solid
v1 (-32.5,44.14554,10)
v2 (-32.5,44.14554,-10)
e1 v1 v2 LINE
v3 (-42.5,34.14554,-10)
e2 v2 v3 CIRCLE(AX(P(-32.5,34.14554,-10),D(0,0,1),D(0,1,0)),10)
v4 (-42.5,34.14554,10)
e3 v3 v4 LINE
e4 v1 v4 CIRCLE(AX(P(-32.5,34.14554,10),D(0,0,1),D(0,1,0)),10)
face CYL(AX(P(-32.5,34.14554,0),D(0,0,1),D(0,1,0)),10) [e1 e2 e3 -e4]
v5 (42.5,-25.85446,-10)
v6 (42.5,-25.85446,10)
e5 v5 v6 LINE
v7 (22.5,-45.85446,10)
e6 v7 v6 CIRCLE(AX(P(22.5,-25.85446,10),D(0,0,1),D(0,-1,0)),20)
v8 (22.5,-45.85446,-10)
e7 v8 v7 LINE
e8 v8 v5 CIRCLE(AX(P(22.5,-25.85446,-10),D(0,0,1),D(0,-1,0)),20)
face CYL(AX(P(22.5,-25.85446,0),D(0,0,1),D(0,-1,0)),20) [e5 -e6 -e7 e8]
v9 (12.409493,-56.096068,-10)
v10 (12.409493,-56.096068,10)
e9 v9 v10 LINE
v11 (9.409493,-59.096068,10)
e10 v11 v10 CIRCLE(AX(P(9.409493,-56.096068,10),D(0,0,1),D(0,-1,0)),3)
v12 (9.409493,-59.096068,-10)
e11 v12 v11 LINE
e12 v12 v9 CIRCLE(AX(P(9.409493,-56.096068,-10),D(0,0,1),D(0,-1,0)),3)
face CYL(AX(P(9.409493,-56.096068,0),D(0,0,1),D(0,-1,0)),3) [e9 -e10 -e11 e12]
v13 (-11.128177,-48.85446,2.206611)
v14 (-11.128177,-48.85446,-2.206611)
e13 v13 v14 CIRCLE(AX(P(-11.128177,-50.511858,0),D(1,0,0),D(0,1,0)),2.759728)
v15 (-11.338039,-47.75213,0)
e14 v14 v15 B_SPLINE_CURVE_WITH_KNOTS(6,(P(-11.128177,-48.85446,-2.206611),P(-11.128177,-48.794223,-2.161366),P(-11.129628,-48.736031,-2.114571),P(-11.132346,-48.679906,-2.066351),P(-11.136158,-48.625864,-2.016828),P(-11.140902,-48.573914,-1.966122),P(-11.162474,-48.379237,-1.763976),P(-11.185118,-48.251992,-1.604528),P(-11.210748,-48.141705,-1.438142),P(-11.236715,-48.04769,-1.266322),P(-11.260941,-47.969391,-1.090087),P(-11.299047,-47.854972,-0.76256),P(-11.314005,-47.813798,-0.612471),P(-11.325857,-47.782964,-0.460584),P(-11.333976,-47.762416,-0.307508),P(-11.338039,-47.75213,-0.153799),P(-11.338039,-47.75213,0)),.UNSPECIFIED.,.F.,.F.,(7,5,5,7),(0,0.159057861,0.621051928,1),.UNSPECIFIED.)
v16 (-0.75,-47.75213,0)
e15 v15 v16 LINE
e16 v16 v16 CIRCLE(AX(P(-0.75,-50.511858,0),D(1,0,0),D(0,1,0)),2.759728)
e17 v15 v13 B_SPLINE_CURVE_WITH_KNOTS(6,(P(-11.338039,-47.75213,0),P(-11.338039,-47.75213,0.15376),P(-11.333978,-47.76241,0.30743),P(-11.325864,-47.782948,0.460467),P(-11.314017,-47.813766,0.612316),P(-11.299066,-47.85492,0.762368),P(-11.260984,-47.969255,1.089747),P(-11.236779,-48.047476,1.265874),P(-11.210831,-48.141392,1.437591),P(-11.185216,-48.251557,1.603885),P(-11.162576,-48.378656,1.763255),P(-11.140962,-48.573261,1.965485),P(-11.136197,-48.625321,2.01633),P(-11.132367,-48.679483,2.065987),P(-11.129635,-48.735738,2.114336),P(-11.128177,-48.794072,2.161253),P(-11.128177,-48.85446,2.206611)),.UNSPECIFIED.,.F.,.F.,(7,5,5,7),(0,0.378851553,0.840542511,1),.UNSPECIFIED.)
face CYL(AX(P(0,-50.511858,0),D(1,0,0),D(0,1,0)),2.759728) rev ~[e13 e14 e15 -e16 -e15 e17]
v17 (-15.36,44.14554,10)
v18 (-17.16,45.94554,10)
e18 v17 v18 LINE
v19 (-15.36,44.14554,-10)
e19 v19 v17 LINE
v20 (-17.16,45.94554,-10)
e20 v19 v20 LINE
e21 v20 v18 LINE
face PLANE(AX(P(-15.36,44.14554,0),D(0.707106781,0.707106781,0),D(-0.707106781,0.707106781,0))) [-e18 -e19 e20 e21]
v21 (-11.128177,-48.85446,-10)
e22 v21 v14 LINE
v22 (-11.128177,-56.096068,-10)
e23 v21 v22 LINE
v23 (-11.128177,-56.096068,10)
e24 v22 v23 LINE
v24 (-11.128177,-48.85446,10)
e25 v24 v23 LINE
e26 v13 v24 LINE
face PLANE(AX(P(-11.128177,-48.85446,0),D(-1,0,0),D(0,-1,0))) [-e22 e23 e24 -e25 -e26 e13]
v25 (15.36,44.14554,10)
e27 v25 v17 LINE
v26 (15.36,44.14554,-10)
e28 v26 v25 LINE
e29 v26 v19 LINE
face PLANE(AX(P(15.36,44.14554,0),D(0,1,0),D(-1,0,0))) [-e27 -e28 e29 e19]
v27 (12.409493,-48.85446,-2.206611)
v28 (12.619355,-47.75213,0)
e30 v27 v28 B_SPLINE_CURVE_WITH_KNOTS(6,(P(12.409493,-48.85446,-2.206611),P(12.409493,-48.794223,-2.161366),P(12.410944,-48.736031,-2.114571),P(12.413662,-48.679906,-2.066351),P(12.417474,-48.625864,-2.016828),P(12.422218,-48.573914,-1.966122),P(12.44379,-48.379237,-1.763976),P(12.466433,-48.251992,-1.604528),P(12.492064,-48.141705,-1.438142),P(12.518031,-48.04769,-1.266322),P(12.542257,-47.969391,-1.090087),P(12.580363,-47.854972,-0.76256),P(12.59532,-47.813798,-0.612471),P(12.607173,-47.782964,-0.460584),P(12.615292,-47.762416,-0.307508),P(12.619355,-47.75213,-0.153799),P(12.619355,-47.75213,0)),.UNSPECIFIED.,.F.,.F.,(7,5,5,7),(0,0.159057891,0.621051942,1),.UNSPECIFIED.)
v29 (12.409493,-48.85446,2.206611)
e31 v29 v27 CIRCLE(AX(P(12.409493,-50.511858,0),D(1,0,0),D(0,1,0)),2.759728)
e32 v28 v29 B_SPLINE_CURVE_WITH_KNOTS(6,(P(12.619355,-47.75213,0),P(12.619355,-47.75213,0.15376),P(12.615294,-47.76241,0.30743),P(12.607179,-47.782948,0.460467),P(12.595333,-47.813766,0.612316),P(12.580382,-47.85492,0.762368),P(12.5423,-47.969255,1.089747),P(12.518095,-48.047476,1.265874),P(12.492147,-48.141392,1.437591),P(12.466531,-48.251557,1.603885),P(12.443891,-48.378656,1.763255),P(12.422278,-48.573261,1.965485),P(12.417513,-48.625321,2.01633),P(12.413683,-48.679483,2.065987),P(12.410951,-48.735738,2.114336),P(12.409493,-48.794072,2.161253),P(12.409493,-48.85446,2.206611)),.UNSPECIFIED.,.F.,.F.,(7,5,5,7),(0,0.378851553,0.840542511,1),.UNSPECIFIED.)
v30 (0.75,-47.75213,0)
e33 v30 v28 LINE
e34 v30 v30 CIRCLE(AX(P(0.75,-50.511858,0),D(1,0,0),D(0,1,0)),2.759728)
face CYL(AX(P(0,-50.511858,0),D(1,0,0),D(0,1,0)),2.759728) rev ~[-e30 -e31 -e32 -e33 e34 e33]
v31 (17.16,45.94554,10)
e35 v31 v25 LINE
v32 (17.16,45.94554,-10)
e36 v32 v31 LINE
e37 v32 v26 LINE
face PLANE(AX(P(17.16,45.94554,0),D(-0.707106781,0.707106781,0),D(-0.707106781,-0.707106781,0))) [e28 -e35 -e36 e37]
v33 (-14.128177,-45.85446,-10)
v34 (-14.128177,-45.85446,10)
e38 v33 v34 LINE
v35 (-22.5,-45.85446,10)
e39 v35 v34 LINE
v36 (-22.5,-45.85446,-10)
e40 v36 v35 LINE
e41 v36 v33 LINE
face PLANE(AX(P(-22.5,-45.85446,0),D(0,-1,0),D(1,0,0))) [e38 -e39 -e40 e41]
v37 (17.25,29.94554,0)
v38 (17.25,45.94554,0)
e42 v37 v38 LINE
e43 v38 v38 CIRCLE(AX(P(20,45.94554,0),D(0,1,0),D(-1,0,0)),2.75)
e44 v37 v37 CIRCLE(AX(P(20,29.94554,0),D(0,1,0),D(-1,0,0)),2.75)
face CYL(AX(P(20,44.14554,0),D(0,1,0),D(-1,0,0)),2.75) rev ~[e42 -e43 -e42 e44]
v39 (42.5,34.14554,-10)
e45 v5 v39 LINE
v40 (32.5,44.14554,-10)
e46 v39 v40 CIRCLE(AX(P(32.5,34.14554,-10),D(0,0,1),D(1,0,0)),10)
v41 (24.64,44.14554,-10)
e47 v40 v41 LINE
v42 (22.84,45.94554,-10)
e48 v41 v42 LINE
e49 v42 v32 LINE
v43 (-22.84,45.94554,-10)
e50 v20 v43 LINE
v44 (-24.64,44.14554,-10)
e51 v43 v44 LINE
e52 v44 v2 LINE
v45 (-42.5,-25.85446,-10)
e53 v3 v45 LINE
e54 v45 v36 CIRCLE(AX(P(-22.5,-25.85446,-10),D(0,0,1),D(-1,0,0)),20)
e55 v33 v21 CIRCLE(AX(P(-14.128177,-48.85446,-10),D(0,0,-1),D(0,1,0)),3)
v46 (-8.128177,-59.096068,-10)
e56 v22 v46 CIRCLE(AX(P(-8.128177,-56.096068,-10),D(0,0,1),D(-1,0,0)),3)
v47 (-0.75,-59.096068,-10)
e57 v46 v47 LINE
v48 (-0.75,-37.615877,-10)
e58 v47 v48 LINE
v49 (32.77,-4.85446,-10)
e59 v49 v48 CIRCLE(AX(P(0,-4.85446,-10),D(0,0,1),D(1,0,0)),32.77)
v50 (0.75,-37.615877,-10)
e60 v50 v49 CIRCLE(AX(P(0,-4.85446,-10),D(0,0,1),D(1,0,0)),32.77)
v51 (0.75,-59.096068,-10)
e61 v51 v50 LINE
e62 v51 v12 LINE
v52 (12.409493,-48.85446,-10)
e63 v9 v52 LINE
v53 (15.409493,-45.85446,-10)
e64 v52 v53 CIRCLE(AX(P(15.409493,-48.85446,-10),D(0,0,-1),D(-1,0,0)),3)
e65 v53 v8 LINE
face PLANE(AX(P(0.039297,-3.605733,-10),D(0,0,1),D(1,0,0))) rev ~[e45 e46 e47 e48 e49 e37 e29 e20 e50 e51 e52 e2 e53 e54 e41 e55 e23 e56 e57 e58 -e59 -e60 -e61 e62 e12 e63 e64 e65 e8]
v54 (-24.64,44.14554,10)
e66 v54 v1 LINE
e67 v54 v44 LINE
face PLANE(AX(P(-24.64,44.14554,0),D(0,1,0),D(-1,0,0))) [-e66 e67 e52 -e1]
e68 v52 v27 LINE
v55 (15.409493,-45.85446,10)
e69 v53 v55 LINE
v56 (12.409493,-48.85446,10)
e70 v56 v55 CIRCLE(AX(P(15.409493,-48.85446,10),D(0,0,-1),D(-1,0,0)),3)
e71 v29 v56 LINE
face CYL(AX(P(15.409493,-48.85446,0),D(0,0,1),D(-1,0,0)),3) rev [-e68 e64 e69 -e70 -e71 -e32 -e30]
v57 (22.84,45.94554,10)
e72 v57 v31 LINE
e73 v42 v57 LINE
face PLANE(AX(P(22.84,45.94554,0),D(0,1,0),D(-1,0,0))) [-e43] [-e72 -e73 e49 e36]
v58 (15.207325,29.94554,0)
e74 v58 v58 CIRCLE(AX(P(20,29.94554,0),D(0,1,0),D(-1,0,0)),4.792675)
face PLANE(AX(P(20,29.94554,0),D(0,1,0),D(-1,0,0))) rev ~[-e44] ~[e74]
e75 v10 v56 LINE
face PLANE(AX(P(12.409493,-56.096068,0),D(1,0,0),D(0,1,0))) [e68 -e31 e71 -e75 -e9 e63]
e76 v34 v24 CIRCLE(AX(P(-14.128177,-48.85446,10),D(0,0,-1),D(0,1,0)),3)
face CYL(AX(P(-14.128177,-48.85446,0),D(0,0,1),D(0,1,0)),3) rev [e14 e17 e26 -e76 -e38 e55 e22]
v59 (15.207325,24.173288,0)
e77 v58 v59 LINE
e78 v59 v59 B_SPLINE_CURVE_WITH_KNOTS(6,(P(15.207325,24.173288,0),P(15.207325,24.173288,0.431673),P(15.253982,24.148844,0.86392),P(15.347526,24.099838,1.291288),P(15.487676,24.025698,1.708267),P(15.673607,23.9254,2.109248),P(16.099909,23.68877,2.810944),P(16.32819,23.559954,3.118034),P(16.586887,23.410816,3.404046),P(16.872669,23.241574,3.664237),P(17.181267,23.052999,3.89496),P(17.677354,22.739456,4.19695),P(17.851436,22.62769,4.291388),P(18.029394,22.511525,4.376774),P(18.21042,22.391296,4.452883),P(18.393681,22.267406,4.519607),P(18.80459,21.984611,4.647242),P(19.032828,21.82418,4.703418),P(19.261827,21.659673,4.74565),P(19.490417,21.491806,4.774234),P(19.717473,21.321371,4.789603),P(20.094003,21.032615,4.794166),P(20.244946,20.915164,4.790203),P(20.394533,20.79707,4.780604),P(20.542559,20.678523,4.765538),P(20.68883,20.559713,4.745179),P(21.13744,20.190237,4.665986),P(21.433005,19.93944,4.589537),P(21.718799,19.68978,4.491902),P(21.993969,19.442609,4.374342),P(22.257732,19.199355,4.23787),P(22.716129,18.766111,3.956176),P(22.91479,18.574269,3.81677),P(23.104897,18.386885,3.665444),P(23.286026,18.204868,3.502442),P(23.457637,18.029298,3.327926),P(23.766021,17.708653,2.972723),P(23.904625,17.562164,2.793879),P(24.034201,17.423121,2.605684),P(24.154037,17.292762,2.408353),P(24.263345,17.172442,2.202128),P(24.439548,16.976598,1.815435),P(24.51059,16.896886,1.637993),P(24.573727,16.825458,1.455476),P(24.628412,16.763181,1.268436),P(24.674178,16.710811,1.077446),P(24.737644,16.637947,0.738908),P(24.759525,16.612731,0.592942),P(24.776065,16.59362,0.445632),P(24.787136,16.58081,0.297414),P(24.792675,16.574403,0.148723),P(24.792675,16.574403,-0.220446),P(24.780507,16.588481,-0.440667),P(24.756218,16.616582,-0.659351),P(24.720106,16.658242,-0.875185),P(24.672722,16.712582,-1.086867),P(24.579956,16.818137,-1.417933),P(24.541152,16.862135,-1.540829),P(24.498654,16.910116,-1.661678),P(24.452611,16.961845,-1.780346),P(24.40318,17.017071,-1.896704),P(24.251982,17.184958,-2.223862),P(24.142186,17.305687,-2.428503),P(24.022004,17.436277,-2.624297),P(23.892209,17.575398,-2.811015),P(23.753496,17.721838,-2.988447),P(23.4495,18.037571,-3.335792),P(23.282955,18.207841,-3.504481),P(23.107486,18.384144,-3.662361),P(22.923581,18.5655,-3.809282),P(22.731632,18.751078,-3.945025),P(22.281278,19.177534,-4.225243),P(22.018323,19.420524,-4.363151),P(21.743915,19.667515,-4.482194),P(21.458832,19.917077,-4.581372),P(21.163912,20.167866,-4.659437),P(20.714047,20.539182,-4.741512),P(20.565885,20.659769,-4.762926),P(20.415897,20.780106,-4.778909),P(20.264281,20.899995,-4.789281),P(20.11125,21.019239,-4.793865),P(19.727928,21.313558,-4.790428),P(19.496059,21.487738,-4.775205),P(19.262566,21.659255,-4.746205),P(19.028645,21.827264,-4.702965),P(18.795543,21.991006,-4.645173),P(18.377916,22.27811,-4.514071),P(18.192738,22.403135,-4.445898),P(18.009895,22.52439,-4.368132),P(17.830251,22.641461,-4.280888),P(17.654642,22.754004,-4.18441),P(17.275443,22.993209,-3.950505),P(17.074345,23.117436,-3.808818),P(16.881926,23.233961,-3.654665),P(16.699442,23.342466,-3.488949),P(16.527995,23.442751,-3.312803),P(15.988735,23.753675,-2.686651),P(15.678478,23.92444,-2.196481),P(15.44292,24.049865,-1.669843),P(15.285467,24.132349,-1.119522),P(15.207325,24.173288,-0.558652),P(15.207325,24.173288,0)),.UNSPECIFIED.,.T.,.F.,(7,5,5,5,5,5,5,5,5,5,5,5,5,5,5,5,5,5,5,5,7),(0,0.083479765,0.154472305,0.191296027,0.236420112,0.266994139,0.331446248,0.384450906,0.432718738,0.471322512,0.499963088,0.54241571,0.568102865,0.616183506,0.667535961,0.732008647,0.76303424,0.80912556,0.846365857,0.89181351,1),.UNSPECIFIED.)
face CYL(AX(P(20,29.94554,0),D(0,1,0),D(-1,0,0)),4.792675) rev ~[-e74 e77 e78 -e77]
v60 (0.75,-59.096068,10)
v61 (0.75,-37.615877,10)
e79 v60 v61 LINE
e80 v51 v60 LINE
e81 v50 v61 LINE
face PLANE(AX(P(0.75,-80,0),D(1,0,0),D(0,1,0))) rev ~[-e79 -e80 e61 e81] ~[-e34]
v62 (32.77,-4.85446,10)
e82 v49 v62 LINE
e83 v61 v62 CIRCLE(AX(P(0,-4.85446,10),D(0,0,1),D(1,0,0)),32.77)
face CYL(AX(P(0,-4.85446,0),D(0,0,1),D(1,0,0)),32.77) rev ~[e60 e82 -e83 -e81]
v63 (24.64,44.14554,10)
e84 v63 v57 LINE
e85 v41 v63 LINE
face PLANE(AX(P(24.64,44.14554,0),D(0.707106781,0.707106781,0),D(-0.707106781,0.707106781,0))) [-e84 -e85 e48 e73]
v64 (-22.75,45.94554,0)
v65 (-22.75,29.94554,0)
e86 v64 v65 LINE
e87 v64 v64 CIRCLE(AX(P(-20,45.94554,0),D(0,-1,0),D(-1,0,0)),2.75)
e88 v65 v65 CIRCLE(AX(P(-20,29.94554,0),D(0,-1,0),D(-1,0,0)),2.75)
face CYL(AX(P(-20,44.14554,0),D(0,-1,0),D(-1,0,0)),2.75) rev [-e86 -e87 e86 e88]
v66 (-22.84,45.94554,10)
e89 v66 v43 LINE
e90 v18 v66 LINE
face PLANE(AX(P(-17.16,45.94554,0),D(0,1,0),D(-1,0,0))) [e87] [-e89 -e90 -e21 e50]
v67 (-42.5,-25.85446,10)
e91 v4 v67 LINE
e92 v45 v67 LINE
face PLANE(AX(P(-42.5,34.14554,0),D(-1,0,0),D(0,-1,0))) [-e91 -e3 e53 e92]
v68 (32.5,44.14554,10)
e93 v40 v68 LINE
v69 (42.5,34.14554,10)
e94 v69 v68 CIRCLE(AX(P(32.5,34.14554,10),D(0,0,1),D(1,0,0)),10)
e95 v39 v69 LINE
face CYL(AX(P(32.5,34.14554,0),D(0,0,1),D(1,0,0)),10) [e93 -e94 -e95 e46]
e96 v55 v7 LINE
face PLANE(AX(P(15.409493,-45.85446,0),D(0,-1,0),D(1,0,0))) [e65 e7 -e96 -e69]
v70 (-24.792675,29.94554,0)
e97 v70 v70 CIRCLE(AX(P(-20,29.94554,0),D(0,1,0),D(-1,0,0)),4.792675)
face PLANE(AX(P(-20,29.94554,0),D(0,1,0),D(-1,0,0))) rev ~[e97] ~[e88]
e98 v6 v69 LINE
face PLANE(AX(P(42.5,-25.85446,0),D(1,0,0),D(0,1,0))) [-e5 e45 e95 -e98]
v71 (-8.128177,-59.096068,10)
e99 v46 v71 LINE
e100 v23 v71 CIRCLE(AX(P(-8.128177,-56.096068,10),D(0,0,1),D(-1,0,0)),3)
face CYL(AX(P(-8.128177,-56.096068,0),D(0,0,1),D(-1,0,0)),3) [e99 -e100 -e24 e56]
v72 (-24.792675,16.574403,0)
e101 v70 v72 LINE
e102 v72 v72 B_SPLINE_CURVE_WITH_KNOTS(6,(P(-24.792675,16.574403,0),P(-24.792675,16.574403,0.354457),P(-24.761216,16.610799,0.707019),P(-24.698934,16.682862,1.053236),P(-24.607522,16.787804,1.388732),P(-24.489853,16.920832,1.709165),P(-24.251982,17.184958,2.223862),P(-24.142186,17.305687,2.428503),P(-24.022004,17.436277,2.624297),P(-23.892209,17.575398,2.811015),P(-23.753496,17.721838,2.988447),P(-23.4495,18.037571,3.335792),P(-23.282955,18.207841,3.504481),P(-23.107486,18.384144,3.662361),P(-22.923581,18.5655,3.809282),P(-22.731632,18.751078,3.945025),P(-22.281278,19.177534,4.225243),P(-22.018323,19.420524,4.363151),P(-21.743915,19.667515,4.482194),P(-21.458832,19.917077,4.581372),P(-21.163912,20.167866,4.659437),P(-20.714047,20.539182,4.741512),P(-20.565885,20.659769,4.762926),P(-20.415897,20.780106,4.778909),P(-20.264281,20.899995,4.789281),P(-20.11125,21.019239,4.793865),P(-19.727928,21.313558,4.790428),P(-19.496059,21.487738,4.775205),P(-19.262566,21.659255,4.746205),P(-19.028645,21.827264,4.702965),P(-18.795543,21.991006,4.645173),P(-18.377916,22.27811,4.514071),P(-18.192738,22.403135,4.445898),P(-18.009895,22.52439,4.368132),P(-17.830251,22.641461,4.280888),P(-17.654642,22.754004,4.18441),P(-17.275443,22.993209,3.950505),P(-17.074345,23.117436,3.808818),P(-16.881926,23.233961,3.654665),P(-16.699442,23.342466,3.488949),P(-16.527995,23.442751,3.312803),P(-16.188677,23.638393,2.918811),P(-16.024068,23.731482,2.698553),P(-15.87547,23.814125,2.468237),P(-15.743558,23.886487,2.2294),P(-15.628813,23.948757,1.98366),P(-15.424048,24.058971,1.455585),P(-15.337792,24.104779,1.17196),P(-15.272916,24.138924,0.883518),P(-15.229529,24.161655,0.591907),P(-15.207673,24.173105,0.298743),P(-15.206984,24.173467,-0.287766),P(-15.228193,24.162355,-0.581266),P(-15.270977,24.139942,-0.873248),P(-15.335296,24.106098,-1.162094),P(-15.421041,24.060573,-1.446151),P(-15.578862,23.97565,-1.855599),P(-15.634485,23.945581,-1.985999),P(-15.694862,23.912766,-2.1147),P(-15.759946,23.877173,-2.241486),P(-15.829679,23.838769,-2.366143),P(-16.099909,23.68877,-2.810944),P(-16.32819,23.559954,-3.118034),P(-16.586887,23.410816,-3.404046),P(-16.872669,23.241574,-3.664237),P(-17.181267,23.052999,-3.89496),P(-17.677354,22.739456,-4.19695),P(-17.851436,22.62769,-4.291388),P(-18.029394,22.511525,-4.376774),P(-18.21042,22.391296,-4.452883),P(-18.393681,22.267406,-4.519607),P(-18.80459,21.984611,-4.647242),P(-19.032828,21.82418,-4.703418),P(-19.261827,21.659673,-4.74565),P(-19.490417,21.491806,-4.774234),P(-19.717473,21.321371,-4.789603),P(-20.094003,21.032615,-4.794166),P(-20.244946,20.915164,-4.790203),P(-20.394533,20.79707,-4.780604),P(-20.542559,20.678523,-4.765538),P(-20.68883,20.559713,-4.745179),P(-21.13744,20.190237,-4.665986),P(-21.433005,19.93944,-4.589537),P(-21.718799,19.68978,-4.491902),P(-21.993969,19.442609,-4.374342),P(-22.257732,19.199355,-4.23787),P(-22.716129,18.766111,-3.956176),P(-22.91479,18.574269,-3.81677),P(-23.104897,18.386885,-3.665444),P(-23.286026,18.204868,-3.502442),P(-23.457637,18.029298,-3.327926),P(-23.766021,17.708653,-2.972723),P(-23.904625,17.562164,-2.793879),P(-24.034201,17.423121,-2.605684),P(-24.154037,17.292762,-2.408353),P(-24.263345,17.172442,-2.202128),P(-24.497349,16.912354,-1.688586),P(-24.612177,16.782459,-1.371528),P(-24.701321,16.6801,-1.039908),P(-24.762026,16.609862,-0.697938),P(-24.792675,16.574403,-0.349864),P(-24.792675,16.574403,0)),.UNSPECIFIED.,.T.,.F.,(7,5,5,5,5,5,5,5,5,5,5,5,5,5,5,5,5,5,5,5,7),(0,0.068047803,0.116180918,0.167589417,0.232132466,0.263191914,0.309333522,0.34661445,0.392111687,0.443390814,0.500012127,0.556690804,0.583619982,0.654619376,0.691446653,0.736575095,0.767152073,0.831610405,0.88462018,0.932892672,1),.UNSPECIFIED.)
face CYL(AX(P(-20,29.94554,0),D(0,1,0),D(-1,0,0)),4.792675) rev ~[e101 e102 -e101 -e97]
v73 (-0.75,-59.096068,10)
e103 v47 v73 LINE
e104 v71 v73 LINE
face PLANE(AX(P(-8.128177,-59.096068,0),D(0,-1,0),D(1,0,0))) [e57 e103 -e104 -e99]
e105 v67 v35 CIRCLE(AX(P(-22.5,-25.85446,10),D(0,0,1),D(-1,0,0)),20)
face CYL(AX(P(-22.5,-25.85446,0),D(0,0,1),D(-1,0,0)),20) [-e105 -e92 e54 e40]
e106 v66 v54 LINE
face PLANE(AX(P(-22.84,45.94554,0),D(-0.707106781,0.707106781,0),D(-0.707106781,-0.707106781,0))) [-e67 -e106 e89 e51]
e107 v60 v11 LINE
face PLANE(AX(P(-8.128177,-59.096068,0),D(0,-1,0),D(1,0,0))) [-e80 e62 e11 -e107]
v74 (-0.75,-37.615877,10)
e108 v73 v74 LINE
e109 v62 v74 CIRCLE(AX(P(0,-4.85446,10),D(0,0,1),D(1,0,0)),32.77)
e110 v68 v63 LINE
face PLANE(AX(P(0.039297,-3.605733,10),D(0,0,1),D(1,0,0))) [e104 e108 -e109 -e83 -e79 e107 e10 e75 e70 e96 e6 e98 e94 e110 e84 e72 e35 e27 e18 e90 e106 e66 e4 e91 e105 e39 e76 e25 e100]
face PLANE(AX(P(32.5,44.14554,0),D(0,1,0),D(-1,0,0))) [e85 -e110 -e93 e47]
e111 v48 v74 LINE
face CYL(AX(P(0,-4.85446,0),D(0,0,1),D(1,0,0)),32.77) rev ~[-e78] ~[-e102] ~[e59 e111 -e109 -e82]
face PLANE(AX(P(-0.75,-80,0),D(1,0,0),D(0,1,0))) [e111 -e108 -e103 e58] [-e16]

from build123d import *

# Parameters (mm, degrees)
F1_DEPTH  = 10
F2_R      = 32.77
F3_DEPTH  = 10
F4_W      = 0.75
F4_H      = 80
F5_DEPTH  = 10
F6_R      = 2.7597283283
F7_DEPTH  = 25
F8_R      = 2.75
F9_DEPTH  = 17.9
F11_START = -14.2
F10_R     = 4.7926746231
F11_DEPTH = 15.7


with BuildPart() as f1:
    # F0 (on Top) → F1 (new body, symmetric)
    with BuildSketch(Plane.XY):
        with BuildLine():
            Line((-24.64, 44.1455395274), (-32.5, 44.1455395274))
            ThreePointArc((-32.5, 44.1455395274), (-39.5710678119, 41.2166073393), (-42.5, 34.1455395274))
            Line((-42.5, 34.1455395274), (-42.5, 0))
            Line((-42.5, 0), (-42.5, -25.8544604726))
            ThreePointArc((-42.5, -25.8544604726), (-36.6421356237, -39.9965960963), (-22.5, -45.8544604726))
            Line((-22.5, -45.8544604726), (-14.1281768916, -45.8544604726))
            ThreePointArc((-14.1281768916, -45.8544604726), (-12.0068565481, -46.733140129), (-11.1281768916, -48.8544604726))
            Line((-11.1281768916, -48.8544604726), (-11.1281768916, -56.0960675753))
            ThreePointArc((-11.1281768916, -56.0960675753), (-10.2494972352, -58.2173879188), (-8.1281768916, -59.0960675753))
            Line((-8.1281768916, -59.0960675753), (9.4094926704, -59.0960675753))
            ThreePointArc((9.4094926704, -59.0960675753), (11.530813014, -58.2173879188), (12.4094926704, -56.0960675753))
            Line((12.4094926704, -56.0960675753), (12.4094926704, -48.8544604726))
            ThreePointArc((12.4094926704, -48.8544604726), (13.2881723269, -46.733140129), (15.4094926704, -45.8544604726))
            Line((15.4094926704, -45.8544604726), (22.5, -45.8544604726))
            ThreePointArc((22.5, -45.8544604726), (36.6421356237, -39.9965960963), (42.5, -25.8544604726))
            Line((42.5, -25.8544604726), (42.5, 0))
            Line((42.5, 0), (42.5, 34.1455395274))
            ThreePointArc((42.5, 34.1455395274), (39.5710678119, 41.2166073393), (32.5, 44.1455395274))
            Line((32.5, 44.1455395274), (24.64, 44.1455395274))
            Line((24.64, 44.1455395274), (15.36, 44.1455395274))
            Line((15.36, 44.1455395274), (0, 44.1455395274))
            Line((0, 44.1455395274), (-15.36, 44.1455395274))
            Line((-15.36, 44.1455395274), (-20, 44.1455395274))
            Line((-20, 44.1455395274), (-24.64, 44.1455395274))
        make_face()
        Polygon((-22.84, 45.9455395274), (-24.64, 44.1455395274), (-20, 44.1455395274), (-20, 45.9455395274), align=None)
        Polygon((-20, 45.9455395274), (-20, 44.1455395274), (-15.36, 44.1455395274), (-17.16, 45.9455395274), align=None)
        Polygon((17.16, 45.9455395274), (15.36, 44.1455395274), (24.64, 44.1455395274), (22.84, 45.9455395274), (20, 45.9455395274), align=None)
    extrude(amount=F1_DEPTH, both=True)

    # F2 (on Top) → F3 (cut, symmetric)
    with BuildSketch(Plane.XY):
        with Locations((0, -4.8544604726)):
            Circle(F2_R)
    extrude(amount=F3_DEPTH, both=True, mode=Mode.SUBTRACT)

    # F4 (on Top) → F5 (cut, symmetric)
    with BuildSketch(Plane.XY):
        with Locations((0.375, -40)):
            Rectangle(F4_W, F4_H)
        with Locations((-0.375, -40)):
            Rectangle(F4_W, F4_H)
    extrude(amount=F5_DEPTH, both=True, mode=Mode.SUBTRACT)

    # F6 (on Right) → F7 (cut, symmetric)
    with BuildSketch(Plane.YZ):
        with Locations((-50.511858446, 0)):
            Circle(F6_R)
    extrude(amount=F7_DEPTH, both=True, mode=Mode.SUBTRACT)

    # F8 (on face) → F9 (cut, symmetric)
    with BuildSketch(Plane(origin=(0, 44.1455395274, 0), x_dir=(-1, 0, 0), z_dir=(0, 1, 0))):
        with Locations((20, 0)):
            Circle(F8_R)
        with Locations((-20, 0)):
            Circle(F8_R)
    extrude(amount=F9_DEPTH, both=True, mode=Mode.SUBTRACT)

    # F10 (on face) → F11 (cut)
    with BuildSketch(Plane(origin=(0, 44.1455395274, 0), x_dir=(-1, 0, 0), z_dir=(0, 1, 0)).offset(F11_START)):
        with Locations((20, 0)):
            Circle(F10_R)
        with Locations((-20, 0)):
            Circle(F10_R)
    extrude(amount=-F11_DEPTH, mode=Mode.SUBTRACT)


solid = f1.part
